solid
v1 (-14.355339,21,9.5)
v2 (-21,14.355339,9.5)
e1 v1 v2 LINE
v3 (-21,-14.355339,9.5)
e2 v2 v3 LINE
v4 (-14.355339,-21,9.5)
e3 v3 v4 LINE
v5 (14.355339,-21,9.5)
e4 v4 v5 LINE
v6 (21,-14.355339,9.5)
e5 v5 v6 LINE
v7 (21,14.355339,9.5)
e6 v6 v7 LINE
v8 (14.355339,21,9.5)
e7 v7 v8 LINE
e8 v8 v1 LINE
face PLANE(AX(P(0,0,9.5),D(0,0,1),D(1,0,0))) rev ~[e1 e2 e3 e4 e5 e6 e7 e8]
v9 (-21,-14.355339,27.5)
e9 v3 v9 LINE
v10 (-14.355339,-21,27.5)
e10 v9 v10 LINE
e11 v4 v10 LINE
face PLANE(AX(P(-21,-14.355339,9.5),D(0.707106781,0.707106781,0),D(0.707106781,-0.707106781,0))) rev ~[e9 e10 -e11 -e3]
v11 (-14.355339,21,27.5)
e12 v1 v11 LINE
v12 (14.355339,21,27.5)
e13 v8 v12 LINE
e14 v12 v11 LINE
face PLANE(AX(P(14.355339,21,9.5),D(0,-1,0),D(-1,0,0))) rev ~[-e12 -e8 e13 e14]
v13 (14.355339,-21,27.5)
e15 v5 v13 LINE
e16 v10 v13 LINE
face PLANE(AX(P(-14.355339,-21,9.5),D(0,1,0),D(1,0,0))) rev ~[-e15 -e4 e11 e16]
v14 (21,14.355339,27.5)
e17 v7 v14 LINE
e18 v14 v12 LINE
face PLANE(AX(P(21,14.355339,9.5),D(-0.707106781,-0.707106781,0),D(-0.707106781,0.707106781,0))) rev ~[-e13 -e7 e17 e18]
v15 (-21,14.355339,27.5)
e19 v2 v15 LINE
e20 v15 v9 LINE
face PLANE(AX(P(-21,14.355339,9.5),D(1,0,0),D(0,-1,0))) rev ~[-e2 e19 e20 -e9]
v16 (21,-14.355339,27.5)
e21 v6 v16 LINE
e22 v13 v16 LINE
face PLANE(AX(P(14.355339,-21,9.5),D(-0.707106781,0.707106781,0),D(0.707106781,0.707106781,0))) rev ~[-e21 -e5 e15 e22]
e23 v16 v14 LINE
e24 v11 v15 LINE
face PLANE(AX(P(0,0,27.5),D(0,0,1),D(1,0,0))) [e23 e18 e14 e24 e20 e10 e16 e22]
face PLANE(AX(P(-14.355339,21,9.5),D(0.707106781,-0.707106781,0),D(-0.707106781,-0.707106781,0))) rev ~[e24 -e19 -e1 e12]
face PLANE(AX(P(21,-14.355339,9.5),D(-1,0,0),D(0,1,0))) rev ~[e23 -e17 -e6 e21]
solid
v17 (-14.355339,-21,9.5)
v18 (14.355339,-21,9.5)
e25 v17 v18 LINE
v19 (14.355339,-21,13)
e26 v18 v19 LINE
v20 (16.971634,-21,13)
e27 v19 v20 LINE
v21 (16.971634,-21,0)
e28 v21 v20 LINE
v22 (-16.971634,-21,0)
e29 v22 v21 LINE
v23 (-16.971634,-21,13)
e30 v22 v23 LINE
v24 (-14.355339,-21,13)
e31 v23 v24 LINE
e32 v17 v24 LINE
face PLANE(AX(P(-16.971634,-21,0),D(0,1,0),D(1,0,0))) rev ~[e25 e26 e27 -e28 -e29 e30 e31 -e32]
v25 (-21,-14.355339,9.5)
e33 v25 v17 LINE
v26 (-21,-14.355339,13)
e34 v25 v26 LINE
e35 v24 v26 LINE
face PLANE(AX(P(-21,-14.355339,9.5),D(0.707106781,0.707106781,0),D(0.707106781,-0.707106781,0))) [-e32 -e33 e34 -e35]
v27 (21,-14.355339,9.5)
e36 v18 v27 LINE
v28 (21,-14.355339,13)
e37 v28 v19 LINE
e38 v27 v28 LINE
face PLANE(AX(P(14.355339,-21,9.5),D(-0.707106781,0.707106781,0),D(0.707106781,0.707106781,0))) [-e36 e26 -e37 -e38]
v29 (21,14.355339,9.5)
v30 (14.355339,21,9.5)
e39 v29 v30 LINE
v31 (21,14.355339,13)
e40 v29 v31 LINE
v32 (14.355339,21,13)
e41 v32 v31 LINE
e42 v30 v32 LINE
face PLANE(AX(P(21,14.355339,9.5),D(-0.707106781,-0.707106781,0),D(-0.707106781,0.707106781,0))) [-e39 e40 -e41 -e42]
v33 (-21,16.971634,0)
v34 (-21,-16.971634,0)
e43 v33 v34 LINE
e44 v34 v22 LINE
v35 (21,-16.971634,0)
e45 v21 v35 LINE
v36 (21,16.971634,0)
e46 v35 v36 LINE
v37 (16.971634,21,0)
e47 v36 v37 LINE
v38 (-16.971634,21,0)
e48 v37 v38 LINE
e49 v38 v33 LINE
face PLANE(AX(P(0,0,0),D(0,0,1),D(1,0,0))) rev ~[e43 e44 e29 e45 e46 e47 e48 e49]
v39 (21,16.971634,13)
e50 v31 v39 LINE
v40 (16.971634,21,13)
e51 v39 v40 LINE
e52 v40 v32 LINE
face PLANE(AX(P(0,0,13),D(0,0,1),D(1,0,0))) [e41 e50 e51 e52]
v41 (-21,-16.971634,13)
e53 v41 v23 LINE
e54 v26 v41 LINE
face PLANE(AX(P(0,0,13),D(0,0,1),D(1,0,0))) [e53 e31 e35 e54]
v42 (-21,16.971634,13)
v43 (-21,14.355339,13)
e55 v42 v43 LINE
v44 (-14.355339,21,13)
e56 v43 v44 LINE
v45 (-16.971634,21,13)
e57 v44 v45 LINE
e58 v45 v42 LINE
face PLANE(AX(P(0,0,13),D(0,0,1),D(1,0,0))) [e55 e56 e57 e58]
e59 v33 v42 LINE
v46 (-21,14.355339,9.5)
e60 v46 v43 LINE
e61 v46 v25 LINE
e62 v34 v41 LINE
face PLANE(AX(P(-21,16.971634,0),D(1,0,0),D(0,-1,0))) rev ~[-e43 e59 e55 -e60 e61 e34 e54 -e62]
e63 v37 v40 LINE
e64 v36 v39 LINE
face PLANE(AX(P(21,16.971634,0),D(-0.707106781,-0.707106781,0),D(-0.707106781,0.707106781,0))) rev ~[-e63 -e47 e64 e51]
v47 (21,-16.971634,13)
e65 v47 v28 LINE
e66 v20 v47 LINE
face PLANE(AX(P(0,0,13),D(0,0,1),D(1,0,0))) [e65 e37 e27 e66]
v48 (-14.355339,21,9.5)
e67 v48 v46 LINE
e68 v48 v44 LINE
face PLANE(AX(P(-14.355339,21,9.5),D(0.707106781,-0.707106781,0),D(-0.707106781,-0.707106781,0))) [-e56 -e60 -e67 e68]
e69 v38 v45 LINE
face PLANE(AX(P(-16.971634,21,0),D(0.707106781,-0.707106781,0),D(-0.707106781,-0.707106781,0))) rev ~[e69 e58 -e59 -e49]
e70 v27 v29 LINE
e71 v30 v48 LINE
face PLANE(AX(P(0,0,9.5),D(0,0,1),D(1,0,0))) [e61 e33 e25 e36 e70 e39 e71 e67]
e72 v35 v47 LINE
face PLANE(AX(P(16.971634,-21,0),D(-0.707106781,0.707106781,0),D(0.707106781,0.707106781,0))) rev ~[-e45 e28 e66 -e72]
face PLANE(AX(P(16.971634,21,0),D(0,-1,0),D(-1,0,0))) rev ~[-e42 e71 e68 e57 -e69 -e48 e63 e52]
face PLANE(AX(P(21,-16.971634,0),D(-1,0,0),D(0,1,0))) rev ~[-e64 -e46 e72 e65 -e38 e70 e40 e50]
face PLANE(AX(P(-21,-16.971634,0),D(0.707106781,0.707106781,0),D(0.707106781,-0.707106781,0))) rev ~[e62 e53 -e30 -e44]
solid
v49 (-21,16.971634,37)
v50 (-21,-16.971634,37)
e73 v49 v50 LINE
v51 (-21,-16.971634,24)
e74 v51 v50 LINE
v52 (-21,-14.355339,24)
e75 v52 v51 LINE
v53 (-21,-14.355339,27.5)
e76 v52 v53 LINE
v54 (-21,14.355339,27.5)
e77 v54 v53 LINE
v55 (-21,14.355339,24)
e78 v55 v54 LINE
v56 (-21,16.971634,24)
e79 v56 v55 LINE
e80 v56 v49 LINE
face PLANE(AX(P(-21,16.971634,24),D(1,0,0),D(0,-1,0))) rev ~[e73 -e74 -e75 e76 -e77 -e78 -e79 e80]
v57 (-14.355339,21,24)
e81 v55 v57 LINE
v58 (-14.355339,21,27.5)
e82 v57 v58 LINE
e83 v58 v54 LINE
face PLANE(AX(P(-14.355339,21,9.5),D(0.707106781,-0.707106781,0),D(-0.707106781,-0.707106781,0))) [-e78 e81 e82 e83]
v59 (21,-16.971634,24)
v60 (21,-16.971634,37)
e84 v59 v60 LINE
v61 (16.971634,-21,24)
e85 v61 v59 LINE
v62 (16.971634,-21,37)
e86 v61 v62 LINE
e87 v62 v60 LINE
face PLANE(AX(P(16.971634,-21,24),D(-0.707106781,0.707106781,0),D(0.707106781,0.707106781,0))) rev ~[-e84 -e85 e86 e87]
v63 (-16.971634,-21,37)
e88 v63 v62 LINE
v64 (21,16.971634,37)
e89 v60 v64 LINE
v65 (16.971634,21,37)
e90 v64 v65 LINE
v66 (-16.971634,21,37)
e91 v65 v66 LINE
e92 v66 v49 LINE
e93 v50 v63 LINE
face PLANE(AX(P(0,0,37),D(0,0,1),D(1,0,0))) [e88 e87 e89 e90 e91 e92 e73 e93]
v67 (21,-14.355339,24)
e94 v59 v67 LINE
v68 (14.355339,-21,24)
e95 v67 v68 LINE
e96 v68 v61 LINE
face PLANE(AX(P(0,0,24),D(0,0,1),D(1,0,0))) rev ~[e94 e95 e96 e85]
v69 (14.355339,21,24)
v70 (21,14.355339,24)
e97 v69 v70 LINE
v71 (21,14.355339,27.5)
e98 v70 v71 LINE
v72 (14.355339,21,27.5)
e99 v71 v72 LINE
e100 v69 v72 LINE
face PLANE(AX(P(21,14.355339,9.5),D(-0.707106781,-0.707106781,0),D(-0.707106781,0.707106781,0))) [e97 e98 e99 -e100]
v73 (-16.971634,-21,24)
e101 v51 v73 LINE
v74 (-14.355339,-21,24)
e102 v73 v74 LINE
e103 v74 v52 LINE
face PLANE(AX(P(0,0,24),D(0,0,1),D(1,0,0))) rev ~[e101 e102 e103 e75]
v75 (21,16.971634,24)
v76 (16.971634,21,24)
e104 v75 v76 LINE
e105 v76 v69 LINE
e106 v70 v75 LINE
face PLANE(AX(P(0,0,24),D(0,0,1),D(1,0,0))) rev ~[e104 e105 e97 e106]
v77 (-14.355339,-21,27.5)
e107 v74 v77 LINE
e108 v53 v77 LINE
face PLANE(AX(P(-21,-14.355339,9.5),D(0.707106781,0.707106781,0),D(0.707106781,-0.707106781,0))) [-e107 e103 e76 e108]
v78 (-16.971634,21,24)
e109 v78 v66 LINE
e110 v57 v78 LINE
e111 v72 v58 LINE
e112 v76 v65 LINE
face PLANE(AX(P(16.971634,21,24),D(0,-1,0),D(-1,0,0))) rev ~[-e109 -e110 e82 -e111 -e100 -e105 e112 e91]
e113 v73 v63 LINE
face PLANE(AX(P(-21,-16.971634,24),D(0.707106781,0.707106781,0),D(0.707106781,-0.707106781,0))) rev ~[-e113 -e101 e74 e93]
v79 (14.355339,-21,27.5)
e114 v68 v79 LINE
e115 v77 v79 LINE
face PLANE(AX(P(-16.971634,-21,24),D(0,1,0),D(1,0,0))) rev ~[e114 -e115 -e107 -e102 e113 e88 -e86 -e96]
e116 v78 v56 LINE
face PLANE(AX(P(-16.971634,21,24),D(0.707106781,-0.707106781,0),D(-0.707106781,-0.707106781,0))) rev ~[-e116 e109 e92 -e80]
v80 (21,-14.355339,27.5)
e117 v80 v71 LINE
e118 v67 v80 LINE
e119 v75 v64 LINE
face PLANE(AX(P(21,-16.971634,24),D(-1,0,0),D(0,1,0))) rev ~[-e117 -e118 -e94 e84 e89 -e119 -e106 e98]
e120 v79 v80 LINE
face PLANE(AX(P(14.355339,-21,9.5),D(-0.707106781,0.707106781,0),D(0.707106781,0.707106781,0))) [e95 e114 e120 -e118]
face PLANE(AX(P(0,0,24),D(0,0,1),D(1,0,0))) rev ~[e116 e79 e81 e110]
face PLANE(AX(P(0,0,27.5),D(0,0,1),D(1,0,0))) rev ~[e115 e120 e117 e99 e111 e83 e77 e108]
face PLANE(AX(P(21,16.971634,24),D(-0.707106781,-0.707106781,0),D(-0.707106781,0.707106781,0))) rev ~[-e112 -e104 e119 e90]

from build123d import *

# Parameters (mm, degrees)
F1_DEPTH = 13
F4_DEPTH = 18
F8_DEPTH = 13


with BuildPart() as f1:
    # F0 (on Top) → F1 (new body)
    with BuildSketch(Plane.XY):
        Polygon((-16.971634, -21), (16.971634, -21), (21, -16.971634), (21, 16.971634), (16.971634, 21), (-16.971634, 21), (-21, 16.971634), (-21, -16.971634), align=None)
    extrude(amount=F1_DEPTH)


with BuildPart() as f4:
    # F3 (on offset) → F4 (new body)
    with BuildSketch(Plane.XY.offset(9.5)):
        Polygon((-14.355339, -21), (14.355339, -21), (21, -14.355339), (21, 14.355339), (14.355339, 21), (-14.355339, 21), (-21, 14.355339), (-21, -14.355339), align=None)
    extrude(amount=F4_DEPTH)


with BuildPart() as f1_1:
    add(f1.part)

    # F5: cut F4
    add(f4.part, mode=Mode.SUBTRACT)


with BuildPart() as f8:
    # F7 (on offset) → F8 (new body)
    with BuildSketch(Plane.XY.offset(24)):
        Polygon((-16.971634, -21), (16.971634, -21), (21, -16.971634), (21, 16.971634), (16.971634, 21), (-16.971634, 21), (-21, 16.971634), (-21, -16.971634), align=None)
    extrude(amount=F8_DEPTH)

    # F9: cut F4
    add(f4.part, mode=Mode.SUBTRACT)


solid = Compound([f4.part, f1_1.part, f8.part])
